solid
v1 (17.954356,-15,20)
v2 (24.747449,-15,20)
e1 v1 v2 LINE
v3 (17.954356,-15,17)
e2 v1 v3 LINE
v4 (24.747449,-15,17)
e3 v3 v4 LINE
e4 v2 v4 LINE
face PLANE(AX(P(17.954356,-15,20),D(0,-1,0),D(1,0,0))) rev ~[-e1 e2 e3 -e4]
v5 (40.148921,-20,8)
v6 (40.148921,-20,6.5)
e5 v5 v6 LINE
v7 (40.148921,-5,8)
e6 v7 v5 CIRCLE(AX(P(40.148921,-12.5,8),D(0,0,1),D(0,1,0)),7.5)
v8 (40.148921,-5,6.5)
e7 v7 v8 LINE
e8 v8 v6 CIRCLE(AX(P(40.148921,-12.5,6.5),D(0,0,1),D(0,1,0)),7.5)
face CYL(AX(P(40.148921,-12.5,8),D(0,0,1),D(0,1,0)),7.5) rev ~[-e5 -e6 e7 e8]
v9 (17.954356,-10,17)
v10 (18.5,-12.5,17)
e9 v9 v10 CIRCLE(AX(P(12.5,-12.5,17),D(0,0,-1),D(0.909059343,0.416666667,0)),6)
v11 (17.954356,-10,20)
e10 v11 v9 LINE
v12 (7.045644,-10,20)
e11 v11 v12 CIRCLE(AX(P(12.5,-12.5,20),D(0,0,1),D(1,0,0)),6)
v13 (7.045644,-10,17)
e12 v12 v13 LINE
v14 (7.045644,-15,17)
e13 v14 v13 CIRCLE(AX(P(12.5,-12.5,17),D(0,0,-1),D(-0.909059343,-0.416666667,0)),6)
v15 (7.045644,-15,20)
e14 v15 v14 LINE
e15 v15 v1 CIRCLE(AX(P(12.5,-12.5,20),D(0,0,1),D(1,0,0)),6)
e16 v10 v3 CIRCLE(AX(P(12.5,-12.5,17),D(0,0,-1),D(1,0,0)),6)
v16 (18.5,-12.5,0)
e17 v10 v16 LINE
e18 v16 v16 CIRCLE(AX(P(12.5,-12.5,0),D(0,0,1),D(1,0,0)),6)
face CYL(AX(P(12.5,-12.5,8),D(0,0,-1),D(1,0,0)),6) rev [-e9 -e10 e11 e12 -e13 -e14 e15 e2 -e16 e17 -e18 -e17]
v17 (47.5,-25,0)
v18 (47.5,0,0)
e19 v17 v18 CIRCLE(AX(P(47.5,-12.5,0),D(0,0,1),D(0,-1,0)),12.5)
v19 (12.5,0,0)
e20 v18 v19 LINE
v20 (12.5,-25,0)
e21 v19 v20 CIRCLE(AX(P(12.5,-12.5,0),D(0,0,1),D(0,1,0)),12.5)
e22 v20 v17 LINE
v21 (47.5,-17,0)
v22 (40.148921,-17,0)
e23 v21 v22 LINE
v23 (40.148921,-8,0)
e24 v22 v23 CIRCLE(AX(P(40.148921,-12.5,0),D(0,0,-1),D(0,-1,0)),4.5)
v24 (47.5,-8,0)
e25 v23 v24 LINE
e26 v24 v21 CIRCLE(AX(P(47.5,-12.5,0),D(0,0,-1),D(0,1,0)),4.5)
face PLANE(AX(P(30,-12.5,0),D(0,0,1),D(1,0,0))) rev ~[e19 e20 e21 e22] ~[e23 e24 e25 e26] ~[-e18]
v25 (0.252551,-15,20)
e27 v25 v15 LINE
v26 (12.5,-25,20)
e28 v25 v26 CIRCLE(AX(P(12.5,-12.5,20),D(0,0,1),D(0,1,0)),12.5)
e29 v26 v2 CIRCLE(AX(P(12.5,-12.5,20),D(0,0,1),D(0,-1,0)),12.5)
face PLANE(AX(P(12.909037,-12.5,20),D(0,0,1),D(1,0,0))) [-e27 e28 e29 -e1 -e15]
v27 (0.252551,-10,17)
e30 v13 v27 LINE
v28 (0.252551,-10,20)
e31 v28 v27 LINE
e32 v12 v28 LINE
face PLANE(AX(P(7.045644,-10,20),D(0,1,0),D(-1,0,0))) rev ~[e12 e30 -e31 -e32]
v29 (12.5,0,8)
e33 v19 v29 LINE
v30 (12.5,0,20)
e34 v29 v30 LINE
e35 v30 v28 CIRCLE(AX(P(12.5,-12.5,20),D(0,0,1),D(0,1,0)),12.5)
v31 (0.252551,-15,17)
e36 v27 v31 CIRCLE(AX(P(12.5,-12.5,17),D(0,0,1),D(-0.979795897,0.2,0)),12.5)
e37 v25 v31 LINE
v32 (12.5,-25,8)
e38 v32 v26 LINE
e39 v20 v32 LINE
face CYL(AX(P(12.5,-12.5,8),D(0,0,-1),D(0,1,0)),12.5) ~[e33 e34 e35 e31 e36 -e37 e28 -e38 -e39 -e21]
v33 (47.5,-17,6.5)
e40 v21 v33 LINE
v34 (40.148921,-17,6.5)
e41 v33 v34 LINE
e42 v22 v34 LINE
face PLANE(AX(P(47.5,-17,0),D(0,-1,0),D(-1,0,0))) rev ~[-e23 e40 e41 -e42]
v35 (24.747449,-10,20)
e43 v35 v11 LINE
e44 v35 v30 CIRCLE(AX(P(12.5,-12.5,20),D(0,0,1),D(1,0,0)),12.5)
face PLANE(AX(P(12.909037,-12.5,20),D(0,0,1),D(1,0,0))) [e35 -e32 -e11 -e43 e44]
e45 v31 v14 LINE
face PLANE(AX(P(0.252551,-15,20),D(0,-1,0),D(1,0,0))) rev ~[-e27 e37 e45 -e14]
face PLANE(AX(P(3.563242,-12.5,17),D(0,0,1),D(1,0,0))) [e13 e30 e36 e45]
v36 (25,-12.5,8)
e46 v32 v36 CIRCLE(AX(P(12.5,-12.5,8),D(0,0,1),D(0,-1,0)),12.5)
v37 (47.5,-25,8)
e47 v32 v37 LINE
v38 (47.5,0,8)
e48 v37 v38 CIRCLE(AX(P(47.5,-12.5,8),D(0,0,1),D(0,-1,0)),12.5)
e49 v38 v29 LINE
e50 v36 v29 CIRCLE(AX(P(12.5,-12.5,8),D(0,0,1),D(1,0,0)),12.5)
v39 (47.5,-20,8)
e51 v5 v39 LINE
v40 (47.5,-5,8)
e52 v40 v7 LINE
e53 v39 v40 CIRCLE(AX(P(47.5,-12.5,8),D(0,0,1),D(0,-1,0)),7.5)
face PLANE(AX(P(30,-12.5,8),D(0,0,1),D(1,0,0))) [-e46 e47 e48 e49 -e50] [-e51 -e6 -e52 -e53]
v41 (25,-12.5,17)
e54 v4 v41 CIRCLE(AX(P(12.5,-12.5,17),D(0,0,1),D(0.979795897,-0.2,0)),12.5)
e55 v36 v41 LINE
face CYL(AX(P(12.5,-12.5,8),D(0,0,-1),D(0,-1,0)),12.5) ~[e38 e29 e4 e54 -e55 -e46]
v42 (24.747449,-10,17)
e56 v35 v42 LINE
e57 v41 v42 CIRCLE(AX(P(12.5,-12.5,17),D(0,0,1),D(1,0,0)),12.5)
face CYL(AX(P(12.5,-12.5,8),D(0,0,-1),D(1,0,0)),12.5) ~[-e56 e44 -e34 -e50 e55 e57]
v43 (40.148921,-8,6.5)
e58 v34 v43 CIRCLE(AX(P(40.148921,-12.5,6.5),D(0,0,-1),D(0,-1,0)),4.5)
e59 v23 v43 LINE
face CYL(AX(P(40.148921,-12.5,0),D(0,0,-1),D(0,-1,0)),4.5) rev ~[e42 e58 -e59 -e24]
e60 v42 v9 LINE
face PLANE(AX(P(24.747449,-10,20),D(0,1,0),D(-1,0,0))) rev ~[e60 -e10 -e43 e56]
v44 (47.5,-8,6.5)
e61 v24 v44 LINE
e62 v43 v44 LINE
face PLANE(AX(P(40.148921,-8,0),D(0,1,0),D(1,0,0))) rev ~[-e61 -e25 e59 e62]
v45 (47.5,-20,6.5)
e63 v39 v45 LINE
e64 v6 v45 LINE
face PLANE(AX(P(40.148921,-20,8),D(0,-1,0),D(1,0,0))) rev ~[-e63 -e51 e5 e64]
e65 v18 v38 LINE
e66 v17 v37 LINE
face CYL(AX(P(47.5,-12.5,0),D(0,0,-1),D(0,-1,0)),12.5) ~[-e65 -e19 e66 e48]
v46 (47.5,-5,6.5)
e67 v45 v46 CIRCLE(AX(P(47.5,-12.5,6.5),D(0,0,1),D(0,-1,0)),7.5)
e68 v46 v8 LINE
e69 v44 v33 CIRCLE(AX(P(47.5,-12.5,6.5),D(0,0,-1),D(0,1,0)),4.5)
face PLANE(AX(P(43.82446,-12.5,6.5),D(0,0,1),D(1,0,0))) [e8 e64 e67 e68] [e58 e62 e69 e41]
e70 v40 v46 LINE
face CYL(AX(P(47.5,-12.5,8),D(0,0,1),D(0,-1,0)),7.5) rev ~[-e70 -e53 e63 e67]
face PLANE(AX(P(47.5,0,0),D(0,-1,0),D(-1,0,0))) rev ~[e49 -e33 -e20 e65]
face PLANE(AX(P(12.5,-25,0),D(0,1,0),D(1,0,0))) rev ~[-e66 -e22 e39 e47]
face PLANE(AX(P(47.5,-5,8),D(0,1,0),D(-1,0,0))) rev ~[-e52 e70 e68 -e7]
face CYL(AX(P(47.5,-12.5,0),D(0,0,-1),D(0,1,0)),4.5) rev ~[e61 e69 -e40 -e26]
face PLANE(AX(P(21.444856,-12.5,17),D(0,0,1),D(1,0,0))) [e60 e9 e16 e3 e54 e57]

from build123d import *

# Parameters (mm, degrees)
F0_R     = 6
F1_DEPTH = 8
F3_DEPTH = 1.5
F4_R     = 6
F5_DEPTH = 12
F7_DEPTH = 3


with BuildPart() as f1:
    # F0 (on Top) → F1 (new body)
    with BuildSketch(Plane.XY):
        with BuildLine():
            Line((47.5, 0), (12.5, 0))
            ThreePointArc((12.5, 0), (0, -12.5), (12.5, -25))
            Line((12.5, -25), (47.5, -25))
            ThreePointArc((47.5, -25), (60, -12.5), (47.5, 0))
        make_face()
        with Locations((12.5, -12.5)):
            Circle(F0_R, mode=Mode.SUBTRACT)
        with BuildLine():
            ThreePointArc((47.5, -8), (52, -12.5), (47.5, -17))
            Line((47.5, -17), (40.1489207149, -17))
            ThreePointArc((40.1489207149, -17), (35.6489207149, -12.5), (40.1489207149, -8))
            Line((40.1489207149, -8), (47.5, -8))
        make_face(mode=Mode.SUBTRACT)
    extrude(amount=F1_DEPTH)

    # F2 (on face) → F3 (cut)
    with BuildSketch(Plane.XY.offset(8)):
        with BuildLine():
            Line((40.1489207149, -20), (47.5, -20))
            ThreePointArc((47.5, -20), (55, -12.5), (47.5, -5))
            Line((47.5, -5), (40.1489207149, -5))
            ThreePointArc((40.1489207149, -5), (32.6489207149, -12.5), (40.1489207149, -20))
        make_face()
        with BuildLine():
            Line((47.5, -17), (40.1489207149, -17))
            ThreePointArc((40.1489207149, -17), (35.6489207149, -12.5), (40.1489207149, -8))
            Line((40.1489207149, -8), (47.5, -8))
            ThreePointArc((47.5, -8), (52, -12.5), (47.5, -17))
        make_face(mode=Mode.SUBTRACT)
    extrude(amount=-F3_DEPTH, mode=Mode.SUBTRACT)

    # F4 (on face) → F5 (join)
    with BuildSketch(Plane.XY.offset(8)):
        with BuildLine():
            ThreePointArc((12.5, -25), (21.3388347648, -21.3388347648), (25, -12.5))
            ThreePointArc((25, -12.5), (21.3388347648, -3.6611652352), (12.5, 0))
            ThreePointArc((12.5, 0), (0, -12.5), (12.5, -25))
        make_face()
        with Locations((12.5, -12.5)):
            Circle(F4_R, mode=Mode.SUBTRACT)
    extrude(amount=F5_DEPTH)

    # F6 (on face) → F7 (cut)
    with BuildSketch(Plane.XY.offset(20)):
        with BuildLine():
            Line((17.9543560573, -15), (24.7474487139, -15))
            ThreePointArc((24.7474487139, -15), (24.9367019126, -13.7563620251), (25, -12.5))
            ThreePointArc((25, -12.5), (24.9367019126, -11.2436379749), (24.7474487139, -10))
            Line((24.7474487139, -10), (17.9543560573, -10))
            ThreePointArc((17.9543560573, -10), (18.3620020617, -11.2205736332), (18.5, -12.5))
            ThreePointArc((18.5, -12.5), (18.3620020617, -13.7794263668), (17.9543560573, -15))
        make_face()
        with BuildLine():
            ThreePointArc((0.2525512861, -10), (0, -12.5), (0.2525512861, -15))
            Line((0.2525512861, -15), (7.0456439427, -15))
            ThreePointArc((7.0456439427, -15), (6.5, -12.5), (7.0456439427, -10))
            Line((7.0456439427, -10), (0.2525512861, -10))
        make_face()
    extrude(amount=-F7_DEPTH, mode=Mode.SUBTRACT)


solid = f1.part
